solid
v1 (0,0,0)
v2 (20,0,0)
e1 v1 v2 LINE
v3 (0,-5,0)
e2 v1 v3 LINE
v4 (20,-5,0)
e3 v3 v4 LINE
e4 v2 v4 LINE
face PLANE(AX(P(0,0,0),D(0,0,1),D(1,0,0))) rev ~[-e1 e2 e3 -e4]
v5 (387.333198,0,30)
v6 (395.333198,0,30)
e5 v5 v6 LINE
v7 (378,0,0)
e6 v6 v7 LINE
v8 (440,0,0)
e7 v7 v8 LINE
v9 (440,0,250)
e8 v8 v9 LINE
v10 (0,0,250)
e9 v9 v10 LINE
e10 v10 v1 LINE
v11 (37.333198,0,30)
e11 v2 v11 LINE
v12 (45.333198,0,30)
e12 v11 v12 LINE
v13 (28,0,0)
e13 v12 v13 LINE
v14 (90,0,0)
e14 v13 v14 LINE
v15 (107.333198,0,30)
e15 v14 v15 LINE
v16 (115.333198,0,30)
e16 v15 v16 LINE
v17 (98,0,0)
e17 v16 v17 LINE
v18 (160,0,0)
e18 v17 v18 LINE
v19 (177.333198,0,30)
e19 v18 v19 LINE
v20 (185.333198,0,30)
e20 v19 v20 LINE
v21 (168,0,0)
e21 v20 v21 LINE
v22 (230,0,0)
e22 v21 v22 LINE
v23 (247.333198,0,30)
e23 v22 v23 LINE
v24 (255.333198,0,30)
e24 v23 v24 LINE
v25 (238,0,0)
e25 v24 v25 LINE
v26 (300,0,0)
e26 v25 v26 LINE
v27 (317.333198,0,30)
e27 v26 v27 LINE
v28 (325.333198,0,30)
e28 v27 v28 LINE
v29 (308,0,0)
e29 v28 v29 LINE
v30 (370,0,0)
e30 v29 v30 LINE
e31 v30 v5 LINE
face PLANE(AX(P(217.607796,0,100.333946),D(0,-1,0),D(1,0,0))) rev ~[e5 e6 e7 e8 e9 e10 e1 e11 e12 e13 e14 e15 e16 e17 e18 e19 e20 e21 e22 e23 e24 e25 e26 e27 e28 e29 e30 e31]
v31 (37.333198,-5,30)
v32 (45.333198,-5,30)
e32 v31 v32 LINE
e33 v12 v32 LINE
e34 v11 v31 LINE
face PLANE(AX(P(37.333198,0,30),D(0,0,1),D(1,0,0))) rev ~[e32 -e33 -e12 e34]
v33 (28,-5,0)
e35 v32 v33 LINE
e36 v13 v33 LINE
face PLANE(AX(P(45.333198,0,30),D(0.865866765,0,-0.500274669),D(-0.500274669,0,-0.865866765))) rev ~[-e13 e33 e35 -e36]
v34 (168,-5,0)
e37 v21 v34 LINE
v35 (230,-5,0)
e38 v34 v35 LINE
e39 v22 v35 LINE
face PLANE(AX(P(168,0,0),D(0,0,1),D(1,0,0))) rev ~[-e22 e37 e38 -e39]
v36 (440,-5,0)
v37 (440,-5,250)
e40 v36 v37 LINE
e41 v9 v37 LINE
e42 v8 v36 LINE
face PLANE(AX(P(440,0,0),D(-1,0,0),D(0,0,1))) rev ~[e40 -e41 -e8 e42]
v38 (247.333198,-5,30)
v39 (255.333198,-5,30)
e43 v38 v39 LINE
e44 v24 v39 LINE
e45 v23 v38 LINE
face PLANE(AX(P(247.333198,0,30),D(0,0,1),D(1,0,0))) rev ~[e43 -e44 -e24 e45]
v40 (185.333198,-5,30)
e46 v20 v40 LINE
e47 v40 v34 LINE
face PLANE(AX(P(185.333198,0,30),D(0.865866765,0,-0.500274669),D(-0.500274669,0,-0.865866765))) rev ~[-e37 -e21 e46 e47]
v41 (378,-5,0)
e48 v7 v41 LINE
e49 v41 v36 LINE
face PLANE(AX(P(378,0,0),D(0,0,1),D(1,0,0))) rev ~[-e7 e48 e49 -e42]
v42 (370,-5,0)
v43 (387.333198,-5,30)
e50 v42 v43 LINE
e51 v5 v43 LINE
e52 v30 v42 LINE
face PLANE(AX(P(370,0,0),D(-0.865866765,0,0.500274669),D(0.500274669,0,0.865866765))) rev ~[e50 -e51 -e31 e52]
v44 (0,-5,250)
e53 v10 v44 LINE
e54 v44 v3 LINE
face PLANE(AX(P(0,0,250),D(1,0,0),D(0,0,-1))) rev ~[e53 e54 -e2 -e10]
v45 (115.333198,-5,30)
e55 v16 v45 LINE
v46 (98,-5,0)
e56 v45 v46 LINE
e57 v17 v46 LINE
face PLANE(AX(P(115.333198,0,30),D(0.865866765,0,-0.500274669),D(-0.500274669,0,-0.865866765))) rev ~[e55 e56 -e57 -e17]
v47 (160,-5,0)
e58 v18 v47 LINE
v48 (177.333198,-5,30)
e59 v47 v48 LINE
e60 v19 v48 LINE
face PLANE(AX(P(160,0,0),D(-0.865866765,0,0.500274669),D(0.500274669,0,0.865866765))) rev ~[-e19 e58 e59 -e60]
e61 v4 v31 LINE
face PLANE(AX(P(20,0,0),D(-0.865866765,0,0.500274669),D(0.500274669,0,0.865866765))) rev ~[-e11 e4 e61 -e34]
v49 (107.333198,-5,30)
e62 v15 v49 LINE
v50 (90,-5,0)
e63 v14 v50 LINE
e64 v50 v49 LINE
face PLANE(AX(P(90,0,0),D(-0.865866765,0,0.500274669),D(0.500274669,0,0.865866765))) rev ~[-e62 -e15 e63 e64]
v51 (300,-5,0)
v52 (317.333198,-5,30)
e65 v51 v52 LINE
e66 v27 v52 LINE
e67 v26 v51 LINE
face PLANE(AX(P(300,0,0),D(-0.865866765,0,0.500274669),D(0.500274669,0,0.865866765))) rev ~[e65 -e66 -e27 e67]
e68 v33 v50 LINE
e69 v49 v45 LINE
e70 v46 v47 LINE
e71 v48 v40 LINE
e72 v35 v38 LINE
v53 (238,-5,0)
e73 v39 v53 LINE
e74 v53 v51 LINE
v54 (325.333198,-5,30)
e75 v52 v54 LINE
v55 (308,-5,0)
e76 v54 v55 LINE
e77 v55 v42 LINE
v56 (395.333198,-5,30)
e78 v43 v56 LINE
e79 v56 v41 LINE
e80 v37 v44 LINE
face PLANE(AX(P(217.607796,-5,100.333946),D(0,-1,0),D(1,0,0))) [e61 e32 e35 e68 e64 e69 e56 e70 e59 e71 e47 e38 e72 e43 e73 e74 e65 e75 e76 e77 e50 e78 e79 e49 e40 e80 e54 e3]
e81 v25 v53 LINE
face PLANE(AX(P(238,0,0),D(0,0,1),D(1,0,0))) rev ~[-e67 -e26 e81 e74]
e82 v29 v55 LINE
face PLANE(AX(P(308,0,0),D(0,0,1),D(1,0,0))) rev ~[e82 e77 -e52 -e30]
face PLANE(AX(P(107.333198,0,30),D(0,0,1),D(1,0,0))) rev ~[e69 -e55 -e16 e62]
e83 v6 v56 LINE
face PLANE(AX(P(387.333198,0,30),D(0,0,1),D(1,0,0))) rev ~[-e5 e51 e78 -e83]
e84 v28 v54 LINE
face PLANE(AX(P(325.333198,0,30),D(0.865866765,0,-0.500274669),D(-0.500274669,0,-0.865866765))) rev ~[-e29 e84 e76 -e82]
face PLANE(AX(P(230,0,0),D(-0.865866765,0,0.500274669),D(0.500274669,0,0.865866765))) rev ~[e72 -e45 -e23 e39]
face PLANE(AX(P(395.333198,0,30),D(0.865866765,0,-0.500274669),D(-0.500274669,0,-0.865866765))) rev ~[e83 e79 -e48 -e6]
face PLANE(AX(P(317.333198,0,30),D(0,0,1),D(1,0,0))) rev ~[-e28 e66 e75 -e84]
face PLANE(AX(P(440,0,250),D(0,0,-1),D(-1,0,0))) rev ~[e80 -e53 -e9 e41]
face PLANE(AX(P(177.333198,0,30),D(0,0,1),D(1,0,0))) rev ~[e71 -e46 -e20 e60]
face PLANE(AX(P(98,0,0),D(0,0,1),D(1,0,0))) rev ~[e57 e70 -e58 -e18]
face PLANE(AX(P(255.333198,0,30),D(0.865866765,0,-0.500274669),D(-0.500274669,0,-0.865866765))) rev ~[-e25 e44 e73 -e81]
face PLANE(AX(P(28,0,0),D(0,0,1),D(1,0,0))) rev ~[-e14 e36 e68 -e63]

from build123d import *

# Parameters (mm, degrees)
F1_DEPTH = 5


with BuildPart() as f1:
    # F0 (on Front) → F1 (new body)
    with BuildSketch(Plane.XZ):
        Polygon((0, 250), (0, 0), (20, 0), (37.333198, 30), (45.333198, 30), (28, 0), (90, 0), (107.333198, 30), (115.333198, 30), (98, 0), (160, 0), (177.333198, 30), (185.333198, 30), (168, 0), (230, 0), (247.333198, 30), (255.333198, 30), (238, 0), (300, 0), (317.333198, 30), (325.333198, 30), (308, 0), (370, 0), (387.333198, 30), (395.333198, 30), (378, 0), (440, 0), (440, 250), align=None)
    extrude(amount=F1_DEPTH)


solid = f1.part
